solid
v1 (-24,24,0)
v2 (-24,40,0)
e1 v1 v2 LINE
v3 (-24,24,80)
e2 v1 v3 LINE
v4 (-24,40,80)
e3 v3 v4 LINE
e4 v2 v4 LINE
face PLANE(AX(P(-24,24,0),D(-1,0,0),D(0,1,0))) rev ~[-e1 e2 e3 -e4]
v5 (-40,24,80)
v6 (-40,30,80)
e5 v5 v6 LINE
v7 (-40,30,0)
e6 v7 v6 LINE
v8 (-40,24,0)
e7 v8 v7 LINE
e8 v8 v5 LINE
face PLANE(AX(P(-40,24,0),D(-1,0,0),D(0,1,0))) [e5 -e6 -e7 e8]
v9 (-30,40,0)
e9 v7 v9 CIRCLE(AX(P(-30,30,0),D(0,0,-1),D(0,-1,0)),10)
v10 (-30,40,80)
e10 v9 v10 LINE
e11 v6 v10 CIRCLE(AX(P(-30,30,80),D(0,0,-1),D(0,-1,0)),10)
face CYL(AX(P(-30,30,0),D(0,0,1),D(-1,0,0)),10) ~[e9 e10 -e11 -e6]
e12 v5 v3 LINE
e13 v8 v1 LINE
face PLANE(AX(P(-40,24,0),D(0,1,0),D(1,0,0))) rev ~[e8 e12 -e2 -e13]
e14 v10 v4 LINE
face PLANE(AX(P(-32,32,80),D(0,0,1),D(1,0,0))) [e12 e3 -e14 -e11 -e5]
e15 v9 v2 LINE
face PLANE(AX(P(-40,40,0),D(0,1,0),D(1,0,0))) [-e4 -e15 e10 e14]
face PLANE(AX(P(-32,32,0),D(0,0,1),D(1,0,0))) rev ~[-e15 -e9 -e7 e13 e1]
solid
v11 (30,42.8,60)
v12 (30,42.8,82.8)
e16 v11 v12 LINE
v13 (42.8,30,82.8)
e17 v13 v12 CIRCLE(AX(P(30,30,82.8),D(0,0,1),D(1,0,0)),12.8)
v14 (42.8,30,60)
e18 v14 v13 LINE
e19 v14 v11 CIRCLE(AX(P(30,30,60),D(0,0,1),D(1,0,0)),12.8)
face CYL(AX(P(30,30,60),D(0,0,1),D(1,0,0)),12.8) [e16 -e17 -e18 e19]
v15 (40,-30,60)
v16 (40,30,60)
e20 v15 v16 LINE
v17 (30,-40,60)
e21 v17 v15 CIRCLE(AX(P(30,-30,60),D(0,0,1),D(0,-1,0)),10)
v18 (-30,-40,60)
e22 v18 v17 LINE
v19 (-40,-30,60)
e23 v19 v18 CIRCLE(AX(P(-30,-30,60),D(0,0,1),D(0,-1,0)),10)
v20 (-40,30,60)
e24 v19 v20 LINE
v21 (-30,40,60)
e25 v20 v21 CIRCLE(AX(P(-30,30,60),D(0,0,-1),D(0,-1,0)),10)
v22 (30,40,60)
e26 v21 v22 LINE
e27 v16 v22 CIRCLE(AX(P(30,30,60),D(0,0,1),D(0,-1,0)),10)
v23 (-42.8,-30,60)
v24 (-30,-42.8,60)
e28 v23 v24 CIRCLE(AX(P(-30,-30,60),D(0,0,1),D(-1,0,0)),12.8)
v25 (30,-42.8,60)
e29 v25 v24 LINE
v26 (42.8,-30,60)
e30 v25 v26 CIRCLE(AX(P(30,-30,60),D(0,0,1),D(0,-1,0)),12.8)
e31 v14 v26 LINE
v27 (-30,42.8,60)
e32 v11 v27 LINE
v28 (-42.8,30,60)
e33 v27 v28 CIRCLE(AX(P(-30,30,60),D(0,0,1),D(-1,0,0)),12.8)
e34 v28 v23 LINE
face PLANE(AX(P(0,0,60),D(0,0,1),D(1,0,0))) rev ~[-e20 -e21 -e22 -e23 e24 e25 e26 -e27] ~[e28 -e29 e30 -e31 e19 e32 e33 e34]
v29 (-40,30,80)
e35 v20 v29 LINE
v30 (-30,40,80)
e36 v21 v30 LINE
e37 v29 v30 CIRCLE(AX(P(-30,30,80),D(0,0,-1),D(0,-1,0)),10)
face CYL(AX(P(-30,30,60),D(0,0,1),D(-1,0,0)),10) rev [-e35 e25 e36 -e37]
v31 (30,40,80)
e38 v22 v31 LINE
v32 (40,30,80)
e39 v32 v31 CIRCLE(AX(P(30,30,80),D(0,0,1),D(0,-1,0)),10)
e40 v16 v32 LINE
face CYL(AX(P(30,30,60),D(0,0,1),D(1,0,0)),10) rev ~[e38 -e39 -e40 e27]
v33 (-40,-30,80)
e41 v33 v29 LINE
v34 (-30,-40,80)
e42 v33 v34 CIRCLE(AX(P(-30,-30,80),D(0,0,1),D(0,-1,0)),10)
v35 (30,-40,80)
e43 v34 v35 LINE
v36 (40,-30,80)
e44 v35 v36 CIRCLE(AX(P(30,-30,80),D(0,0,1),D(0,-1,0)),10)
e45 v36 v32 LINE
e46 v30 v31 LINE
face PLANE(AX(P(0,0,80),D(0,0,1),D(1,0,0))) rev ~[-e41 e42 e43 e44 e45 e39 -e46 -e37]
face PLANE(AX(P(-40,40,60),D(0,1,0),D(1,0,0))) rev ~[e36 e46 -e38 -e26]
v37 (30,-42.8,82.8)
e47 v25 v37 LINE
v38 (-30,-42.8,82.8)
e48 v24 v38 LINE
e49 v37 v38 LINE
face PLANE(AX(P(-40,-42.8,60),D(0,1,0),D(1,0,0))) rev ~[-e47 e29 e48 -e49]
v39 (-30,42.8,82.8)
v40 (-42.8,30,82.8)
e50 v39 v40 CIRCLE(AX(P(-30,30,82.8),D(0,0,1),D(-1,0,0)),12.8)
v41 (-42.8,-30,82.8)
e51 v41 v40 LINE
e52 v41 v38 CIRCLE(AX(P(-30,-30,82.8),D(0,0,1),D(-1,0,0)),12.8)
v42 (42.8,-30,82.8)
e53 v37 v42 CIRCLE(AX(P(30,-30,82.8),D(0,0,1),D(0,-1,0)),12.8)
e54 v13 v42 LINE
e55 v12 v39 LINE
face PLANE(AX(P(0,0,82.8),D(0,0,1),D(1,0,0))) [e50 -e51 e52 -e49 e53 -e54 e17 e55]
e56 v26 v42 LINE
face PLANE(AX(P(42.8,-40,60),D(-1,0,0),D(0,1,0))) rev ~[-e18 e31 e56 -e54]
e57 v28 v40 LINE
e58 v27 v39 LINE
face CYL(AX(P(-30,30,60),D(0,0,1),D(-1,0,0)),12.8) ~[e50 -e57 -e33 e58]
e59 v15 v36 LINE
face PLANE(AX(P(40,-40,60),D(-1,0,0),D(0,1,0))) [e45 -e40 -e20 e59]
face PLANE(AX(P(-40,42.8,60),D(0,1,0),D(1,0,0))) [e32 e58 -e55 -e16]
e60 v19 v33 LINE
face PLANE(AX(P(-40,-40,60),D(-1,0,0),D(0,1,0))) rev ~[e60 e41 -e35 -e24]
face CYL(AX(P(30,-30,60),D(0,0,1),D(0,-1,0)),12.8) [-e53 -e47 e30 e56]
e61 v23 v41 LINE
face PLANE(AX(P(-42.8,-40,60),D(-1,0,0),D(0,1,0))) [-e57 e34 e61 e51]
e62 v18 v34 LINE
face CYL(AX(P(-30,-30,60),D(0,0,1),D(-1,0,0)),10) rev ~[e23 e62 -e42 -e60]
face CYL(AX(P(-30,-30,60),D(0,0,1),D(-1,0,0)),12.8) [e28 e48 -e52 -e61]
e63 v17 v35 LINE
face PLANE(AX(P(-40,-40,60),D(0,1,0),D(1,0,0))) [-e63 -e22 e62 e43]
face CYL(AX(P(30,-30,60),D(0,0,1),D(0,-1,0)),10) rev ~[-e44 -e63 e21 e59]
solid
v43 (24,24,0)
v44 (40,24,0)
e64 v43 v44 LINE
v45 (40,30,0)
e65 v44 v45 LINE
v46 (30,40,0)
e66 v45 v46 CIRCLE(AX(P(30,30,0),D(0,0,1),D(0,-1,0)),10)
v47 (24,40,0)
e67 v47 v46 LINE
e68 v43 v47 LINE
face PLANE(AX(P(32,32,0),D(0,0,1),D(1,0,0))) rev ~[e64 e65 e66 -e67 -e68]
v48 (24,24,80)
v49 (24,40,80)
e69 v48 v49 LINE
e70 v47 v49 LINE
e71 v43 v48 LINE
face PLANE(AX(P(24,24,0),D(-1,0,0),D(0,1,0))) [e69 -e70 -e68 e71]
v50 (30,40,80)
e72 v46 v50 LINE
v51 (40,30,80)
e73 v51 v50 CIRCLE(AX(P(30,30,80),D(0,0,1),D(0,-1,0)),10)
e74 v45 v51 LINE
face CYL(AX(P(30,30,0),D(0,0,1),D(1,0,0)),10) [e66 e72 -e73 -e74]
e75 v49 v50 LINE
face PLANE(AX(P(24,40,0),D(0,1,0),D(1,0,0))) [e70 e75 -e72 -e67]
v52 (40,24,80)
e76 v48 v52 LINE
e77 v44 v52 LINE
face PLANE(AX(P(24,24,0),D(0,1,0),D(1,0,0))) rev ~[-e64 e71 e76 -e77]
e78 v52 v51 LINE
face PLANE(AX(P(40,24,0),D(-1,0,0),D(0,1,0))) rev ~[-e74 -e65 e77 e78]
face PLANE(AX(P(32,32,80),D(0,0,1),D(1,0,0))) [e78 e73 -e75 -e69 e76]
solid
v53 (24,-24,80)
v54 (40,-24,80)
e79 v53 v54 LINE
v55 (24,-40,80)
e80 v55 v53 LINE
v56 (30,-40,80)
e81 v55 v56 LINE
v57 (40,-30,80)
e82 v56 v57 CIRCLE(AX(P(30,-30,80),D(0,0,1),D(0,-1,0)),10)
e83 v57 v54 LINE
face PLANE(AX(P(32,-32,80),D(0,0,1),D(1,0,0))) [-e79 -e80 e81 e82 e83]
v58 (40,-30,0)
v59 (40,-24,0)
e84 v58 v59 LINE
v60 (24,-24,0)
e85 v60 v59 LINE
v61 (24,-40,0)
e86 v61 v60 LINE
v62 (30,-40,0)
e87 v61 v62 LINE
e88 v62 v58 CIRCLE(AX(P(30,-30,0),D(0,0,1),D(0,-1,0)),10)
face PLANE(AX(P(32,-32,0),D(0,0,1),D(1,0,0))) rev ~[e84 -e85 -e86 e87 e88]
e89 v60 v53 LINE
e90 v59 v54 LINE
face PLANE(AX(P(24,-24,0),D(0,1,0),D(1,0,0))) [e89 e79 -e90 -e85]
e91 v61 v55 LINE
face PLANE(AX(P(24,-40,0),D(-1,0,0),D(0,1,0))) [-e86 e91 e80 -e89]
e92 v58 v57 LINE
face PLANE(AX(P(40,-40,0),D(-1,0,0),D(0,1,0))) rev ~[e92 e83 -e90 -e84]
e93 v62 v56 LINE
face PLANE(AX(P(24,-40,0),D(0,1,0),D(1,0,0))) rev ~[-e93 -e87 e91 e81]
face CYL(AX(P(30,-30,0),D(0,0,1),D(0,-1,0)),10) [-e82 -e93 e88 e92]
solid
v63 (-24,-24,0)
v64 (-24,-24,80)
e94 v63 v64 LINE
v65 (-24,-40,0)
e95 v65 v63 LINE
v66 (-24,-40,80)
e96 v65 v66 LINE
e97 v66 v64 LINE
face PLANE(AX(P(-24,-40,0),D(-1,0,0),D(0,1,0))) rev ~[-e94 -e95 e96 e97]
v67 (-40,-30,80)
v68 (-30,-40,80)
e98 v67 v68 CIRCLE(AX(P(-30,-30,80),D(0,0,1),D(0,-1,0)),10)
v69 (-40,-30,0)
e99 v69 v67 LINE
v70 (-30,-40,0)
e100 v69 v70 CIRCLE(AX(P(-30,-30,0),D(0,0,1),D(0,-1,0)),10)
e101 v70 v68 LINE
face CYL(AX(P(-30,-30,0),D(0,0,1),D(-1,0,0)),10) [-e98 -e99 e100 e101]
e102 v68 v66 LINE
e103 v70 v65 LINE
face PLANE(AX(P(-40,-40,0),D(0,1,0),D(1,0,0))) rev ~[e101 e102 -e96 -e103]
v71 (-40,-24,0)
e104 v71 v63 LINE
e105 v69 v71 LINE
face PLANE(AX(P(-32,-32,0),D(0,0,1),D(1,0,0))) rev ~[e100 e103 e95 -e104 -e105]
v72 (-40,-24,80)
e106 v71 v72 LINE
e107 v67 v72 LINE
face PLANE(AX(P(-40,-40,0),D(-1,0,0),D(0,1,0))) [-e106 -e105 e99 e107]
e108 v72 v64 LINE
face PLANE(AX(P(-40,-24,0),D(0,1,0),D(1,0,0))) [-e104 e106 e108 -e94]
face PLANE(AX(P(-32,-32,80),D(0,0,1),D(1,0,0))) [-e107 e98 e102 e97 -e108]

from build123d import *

# Parameters (mm, degrees)
F0_W     = 16
F0_H     = 16
F1_DEPTH = 80
F3_START = 60
F2_W     = 80
F2_H     = 80
F3_DEPTH = 20
F4_R     = 10
F4_2_R   = 10
F4_3_R   = 10
F4_4_R   = 10
F4_5_R   = 10
F5_T     = 2.8


with BuildPart() as f1:
    # F0 (on Top) → F1 (new body)
    with BuildSketch(Plane.XY):
        with Locations((-32, 32)):
            Rectangle(F0_W, F0_H)
    extrude(amount=F1_DEPTH)

    # F4#5
    f4_5_edges = [f1.edges().sort_by_distance(p)[0] for p in [
        (-40, 40, 40),
    ]]
    fillet(f4_5_edges, radius=F4_5_R)


with BuildPart() as f1b:
    # F0 (on Top) → F1, piece 2 (new body)
    with BuildSketch(Plane.XY):
        with Locations((32, 32)):
            Rectangle(F0_W, F0_H)
    extrude(amount=F1_DEPTH)

    # F4#2
    f4_2_edges = [f1b.edges().sort_by_distance(p)[0] for p in [
        (40, 40, 40),
    ]]
    fillet(f4_2_edges, radius=F4_2_R)


with BuildPart() as f1c:
    # F0 (on Top) → F1, piece 3 (new body)
    with BuildSketch(Plane.XY):
        with Locations((32, -32)):
            Rectangle(F0_W, F0_H)
    extrude(amount=F1_DEPTH)

    # F4#3
    f4_3_edges = [f1c.edges().sort_by_distance(p)[0] for p in [
        (40, -40, 40),
    ]]
    fillet(f4_3_edges, radius=F4_3_R)


with BuildPart() as f1d:
    # F0 (on Top) → F1, piece 4 (new body)
    with BuildSketch(Plane.XY):
        with Locations((-32, -32)):
            Rectangle(F0_W, F0_H)
    extrude(amount=F1_DEPTH)

    # F4#4
    f4_4_edges = [f1d.edges().sort_by_distance(p)[0] for p in [
        (-40, -40, 40),
    ]]
    fillet(f4_4_edges, radius=F4_4_R)


with BuildPart() as f3:
    # F2 (on Top) → F3 (new body)
    with BuildSketch(Plane.XY.offset(F3_START)):
        Rectangle(F2_W, F2_H)
    extrude(amount=F3_DEPTH)

    # F4
    f4_edges = [f3.edges().sort_by_distance(p)[0] for p in [
        (-40, -40, 70),
        (40, -40, 70),
        (40, 40, 70),
        (-40, 40, 70),
    ]]
    fillet(f4_edges, radius=F4_R)

    # F5
    f5_openings = [f3.faces().sort_by_distance(p)[0] for p in [
        (0, 0, 60),
    ]]
    offset(amount=F5_T, openings=f5_openings, kind=Kind.INTERSECTION)


solid = Compound([f1.part, f1b.part, f1c.part, f1d.part, f3.part])
